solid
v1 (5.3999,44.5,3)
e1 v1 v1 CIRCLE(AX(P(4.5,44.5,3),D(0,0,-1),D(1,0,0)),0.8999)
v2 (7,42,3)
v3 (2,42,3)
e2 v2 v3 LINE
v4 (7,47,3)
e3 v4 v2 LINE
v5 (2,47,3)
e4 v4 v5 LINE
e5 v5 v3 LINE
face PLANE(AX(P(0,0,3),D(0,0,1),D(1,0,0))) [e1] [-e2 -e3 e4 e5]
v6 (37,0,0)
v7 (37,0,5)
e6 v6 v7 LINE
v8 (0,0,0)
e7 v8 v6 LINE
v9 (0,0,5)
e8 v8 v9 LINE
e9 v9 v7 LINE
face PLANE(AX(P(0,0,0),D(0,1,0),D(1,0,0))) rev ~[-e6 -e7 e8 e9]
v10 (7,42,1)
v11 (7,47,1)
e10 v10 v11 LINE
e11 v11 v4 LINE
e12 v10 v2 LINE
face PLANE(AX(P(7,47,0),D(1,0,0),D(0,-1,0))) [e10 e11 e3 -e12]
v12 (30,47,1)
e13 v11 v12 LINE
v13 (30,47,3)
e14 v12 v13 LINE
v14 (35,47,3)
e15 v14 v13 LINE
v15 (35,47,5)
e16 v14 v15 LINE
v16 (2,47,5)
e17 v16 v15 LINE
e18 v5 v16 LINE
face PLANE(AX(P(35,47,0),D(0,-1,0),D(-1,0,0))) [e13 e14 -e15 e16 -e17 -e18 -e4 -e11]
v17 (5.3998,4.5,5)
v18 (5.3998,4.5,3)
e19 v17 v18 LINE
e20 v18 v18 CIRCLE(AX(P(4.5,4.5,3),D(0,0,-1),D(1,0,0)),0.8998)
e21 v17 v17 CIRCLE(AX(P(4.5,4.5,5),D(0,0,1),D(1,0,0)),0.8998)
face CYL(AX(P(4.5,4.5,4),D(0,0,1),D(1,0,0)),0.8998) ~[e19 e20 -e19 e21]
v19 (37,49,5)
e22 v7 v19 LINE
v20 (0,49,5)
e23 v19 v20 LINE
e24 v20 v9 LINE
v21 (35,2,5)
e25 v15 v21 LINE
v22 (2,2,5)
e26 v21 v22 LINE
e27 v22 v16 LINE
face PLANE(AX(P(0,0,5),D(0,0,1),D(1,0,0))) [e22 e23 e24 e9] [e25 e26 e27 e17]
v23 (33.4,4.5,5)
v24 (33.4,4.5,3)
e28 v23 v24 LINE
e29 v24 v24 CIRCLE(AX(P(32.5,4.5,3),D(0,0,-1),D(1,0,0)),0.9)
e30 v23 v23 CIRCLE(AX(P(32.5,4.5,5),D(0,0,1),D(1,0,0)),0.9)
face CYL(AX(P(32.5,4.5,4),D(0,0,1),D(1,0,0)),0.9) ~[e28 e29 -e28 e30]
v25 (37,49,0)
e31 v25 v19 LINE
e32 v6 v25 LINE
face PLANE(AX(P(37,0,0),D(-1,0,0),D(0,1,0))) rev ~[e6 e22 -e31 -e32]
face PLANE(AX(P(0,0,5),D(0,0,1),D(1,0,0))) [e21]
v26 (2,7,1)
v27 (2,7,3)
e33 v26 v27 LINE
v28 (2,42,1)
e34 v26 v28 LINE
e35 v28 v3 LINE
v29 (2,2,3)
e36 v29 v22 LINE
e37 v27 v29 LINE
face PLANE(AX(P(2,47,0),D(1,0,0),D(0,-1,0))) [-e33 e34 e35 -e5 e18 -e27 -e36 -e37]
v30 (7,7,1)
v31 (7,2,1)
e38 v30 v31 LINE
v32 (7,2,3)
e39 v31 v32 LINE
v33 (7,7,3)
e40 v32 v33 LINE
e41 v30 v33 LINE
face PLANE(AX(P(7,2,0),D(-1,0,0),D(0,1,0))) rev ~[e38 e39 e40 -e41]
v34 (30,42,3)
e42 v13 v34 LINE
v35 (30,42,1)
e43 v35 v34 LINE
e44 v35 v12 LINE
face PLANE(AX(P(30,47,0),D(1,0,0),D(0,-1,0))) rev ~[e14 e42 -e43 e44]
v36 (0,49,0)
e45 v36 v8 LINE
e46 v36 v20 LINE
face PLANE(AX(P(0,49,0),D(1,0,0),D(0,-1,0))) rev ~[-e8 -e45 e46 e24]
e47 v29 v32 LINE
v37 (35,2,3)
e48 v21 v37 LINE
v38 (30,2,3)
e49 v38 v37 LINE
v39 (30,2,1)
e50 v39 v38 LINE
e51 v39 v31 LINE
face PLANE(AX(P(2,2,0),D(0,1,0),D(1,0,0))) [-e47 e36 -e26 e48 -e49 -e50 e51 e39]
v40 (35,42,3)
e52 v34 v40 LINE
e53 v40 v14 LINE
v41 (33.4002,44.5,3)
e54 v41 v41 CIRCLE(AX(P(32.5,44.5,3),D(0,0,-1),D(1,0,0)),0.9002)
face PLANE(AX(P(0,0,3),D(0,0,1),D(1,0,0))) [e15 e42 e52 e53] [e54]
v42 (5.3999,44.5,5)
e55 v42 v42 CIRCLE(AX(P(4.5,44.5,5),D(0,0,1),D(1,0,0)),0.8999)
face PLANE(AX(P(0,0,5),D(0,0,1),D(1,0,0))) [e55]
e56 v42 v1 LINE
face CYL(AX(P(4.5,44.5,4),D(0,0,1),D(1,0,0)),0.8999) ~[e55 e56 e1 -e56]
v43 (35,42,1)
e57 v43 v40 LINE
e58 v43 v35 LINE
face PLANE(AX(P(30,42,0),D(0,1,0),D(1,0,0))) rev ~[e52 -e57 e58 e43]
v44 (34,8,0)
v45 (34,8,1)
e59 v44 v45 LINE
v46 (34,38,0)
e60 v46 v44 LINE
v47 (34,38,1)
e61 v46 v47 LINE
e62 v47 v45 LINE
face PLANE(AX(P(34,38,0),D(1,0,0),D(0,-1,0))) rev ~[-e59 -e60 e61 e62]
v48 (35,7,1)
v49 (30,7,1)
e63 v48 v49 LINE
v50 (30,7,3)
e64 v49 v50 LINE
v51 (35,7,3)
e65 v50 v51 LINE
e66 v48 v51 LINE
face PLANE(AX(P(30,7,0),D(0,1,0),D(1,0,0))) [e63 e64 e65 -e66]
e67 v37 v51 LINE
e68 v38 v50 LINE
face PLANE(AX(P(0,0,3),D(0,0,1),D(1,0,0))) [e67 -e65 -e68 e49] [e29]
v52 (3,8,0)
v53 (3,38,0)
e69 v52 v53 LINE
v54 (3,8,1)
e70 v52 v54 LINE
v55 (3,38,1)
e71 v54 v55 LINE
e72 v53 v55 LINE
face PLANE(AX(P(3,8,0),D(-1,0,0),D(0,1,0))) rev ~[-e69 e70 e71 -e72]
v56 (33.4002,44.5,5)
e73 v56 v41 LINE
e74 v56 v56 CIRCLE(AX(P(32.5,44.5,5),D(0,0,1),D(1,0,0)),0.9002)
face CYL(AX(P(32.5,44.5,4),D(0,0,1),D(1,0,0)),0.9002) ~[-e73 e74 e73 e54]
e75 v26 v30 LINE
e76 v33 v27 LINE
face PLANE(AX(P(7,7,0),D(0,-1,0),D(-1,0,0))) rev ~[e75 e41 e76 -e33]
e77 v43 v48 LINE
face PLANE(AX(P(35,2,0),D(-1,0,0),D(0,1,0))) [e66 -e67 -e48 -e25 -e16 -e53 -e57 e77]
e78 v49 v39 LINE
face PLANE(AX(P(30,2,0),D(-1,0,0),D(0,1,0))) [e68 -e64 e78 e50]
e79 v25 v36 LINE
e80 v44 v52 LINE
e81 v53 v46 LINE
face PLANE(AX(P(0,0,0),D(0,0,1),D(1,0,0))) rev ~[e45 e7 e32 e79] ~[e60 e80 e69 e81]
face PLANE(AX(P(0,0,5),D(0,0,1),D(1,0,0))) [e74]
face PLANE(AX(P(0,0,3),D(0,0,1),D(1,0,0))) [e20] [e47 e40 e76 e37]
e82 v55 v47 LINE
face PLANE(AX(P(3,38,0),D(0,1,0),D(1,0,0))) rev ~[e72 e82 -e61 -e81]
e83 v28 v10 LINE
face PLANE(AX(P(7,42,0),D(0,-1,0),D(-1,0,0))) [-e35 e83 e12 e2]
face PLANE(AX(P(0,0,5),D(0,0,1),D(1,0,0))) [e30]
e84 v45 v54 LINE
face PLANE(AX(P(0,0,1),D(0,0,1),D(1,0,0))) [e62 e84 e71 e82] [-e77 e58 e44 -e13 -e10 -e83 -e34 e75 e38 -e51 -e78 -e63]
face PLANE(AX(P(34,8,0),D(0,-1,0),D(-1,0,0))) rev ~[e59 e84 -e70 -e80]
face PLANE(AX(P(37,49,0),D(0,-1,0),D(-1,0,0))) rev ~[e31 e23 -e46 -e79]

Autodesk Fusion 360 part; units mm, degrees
sketch "Sketch1" plane through (0, 0, 0) normal (0, 0, 1) x (1, 0, 0)
  line L0 (0, 0) -> (37, 0)
  line L1 (37, 0) -> (37, 49)
  line L2 (37, 49) -> (0, 49)
  line L3 (0, 49) -> (0, 0)
  line L4 (2, 2) -> (35, 2)
  line L5 (35, 2) -> (35, 47)
  line L6 (35, 47) -> (2, 47)
  line L7 (2, 47) -> (2, 2)
  circle A0 centre (4.5, 4.5) radius 0.8998
  circle A1 centre (32.5, 4.5) radius 0.9
  circle A2 centre (32.5, 44.5) radius 0.9002
  circle A3 centre (4.5, 44.5) radius 0.8999
  line L8 (3, 38) -> (34, 38)
  line L9 (34, 38) -> (34, 8)
  line L10 (34, 8) -> (3, 8)
  line L11 (3, 8) -> (3, 38)
  line L12 (2, 47) -> (7, 47)
  line L13 (7, 47) -> (7, 42)
  line L14 (7, 42) -> (2, 42)
  line L15 (2, 42) -> (2, 47)
  line L16 (35, 47) -> (30, 47)
  line L17 (30, 47) -> (30, 42)
  line L18 (30, 42) -> (35, 42)
  line L19 (35, 42) -> (35, 47)
  line L20 (35, 2) -> (30, 2)
  line L21 (30, 2) -> (30, 7)
  line L22 (30, 7) -> (35, 7)
  line L23 (35, 7) -> (35, 2)
  line L24 (2, 2) -> (7, 2)
  line L25 (7, 2) -> (7, 7)
  line L26 (7, 7) -> (2, 7)
  line L27 (2, 7) -> (2, 2)
extrude "Extrude1" add sketch "Sketch1" along normal blind 1 contours L0 L1 L2 L3 | L4 L7 L24 L25 L26 L27 | L4 L5 L6 L7 L13 L14 L17 L18 L21 L22 L25 L26 | L4 L5 L20 L21 L22 L23 | L6 L7 L12 L13 L14 L15 | L5 L6 L16 L17 L18 L19 | A0 | A1 | A2 | A3
extrude "Extrude2" cut sketch "Sketch1" along normal blind 4 contours L4 L7 L24 L25 L26 L27 | L4 L5 L20 L21 L22 L23 | L6 L7 L12 L13 L14 L15 | L5 L6 L16 L17 L18 L19 | A0 | A1 | A2 | A3
extrude "Extrude3" add sketch "Sketch1" along normal blind 4 contours L4 L7 L24 L25 L26 L27 | L4 L5 L20 L21 L22 L23 | L6 L7 L12 L13 L14 L15 | L5 L6 L16 L17 L18 L19 | A0 | A1 | A2 | A3
extrude "Extrude4" cut sketch "Sketch1" along normal blind 5 contours A0 | A1 | A2 | A3
extrude "Extrude5" add sketch "Sketch1" along normal blind 6 contours A0 | A1 | A2 | A3
extrude "Extrude6" cut sketch "Sketch1" along normal blind 4 contours L0 L1 L2 L3
extrude "Extrude7" add sketch "Sketch1" along normal blind 6 contours L0 L1 L2 L3
extrude "Extrude8" cut 4 faces at (4.5224, 2.5343, 4) (32.5224, 2.5342, 4) (4.5224, 42.5342, 4) (32.4776, 42.5341, 4) along direction (0, 0, -1) blind 1
extrude "Extrude9" cut 5 faces at (32.5668, 44.2075, 6) (0.6667, 17, 6) (4.65, 44.2402, 6) (4.7199, 4.7934, 6) (32.7134, 4.9094, 6) along direction (0, 0, -1) blind 1
